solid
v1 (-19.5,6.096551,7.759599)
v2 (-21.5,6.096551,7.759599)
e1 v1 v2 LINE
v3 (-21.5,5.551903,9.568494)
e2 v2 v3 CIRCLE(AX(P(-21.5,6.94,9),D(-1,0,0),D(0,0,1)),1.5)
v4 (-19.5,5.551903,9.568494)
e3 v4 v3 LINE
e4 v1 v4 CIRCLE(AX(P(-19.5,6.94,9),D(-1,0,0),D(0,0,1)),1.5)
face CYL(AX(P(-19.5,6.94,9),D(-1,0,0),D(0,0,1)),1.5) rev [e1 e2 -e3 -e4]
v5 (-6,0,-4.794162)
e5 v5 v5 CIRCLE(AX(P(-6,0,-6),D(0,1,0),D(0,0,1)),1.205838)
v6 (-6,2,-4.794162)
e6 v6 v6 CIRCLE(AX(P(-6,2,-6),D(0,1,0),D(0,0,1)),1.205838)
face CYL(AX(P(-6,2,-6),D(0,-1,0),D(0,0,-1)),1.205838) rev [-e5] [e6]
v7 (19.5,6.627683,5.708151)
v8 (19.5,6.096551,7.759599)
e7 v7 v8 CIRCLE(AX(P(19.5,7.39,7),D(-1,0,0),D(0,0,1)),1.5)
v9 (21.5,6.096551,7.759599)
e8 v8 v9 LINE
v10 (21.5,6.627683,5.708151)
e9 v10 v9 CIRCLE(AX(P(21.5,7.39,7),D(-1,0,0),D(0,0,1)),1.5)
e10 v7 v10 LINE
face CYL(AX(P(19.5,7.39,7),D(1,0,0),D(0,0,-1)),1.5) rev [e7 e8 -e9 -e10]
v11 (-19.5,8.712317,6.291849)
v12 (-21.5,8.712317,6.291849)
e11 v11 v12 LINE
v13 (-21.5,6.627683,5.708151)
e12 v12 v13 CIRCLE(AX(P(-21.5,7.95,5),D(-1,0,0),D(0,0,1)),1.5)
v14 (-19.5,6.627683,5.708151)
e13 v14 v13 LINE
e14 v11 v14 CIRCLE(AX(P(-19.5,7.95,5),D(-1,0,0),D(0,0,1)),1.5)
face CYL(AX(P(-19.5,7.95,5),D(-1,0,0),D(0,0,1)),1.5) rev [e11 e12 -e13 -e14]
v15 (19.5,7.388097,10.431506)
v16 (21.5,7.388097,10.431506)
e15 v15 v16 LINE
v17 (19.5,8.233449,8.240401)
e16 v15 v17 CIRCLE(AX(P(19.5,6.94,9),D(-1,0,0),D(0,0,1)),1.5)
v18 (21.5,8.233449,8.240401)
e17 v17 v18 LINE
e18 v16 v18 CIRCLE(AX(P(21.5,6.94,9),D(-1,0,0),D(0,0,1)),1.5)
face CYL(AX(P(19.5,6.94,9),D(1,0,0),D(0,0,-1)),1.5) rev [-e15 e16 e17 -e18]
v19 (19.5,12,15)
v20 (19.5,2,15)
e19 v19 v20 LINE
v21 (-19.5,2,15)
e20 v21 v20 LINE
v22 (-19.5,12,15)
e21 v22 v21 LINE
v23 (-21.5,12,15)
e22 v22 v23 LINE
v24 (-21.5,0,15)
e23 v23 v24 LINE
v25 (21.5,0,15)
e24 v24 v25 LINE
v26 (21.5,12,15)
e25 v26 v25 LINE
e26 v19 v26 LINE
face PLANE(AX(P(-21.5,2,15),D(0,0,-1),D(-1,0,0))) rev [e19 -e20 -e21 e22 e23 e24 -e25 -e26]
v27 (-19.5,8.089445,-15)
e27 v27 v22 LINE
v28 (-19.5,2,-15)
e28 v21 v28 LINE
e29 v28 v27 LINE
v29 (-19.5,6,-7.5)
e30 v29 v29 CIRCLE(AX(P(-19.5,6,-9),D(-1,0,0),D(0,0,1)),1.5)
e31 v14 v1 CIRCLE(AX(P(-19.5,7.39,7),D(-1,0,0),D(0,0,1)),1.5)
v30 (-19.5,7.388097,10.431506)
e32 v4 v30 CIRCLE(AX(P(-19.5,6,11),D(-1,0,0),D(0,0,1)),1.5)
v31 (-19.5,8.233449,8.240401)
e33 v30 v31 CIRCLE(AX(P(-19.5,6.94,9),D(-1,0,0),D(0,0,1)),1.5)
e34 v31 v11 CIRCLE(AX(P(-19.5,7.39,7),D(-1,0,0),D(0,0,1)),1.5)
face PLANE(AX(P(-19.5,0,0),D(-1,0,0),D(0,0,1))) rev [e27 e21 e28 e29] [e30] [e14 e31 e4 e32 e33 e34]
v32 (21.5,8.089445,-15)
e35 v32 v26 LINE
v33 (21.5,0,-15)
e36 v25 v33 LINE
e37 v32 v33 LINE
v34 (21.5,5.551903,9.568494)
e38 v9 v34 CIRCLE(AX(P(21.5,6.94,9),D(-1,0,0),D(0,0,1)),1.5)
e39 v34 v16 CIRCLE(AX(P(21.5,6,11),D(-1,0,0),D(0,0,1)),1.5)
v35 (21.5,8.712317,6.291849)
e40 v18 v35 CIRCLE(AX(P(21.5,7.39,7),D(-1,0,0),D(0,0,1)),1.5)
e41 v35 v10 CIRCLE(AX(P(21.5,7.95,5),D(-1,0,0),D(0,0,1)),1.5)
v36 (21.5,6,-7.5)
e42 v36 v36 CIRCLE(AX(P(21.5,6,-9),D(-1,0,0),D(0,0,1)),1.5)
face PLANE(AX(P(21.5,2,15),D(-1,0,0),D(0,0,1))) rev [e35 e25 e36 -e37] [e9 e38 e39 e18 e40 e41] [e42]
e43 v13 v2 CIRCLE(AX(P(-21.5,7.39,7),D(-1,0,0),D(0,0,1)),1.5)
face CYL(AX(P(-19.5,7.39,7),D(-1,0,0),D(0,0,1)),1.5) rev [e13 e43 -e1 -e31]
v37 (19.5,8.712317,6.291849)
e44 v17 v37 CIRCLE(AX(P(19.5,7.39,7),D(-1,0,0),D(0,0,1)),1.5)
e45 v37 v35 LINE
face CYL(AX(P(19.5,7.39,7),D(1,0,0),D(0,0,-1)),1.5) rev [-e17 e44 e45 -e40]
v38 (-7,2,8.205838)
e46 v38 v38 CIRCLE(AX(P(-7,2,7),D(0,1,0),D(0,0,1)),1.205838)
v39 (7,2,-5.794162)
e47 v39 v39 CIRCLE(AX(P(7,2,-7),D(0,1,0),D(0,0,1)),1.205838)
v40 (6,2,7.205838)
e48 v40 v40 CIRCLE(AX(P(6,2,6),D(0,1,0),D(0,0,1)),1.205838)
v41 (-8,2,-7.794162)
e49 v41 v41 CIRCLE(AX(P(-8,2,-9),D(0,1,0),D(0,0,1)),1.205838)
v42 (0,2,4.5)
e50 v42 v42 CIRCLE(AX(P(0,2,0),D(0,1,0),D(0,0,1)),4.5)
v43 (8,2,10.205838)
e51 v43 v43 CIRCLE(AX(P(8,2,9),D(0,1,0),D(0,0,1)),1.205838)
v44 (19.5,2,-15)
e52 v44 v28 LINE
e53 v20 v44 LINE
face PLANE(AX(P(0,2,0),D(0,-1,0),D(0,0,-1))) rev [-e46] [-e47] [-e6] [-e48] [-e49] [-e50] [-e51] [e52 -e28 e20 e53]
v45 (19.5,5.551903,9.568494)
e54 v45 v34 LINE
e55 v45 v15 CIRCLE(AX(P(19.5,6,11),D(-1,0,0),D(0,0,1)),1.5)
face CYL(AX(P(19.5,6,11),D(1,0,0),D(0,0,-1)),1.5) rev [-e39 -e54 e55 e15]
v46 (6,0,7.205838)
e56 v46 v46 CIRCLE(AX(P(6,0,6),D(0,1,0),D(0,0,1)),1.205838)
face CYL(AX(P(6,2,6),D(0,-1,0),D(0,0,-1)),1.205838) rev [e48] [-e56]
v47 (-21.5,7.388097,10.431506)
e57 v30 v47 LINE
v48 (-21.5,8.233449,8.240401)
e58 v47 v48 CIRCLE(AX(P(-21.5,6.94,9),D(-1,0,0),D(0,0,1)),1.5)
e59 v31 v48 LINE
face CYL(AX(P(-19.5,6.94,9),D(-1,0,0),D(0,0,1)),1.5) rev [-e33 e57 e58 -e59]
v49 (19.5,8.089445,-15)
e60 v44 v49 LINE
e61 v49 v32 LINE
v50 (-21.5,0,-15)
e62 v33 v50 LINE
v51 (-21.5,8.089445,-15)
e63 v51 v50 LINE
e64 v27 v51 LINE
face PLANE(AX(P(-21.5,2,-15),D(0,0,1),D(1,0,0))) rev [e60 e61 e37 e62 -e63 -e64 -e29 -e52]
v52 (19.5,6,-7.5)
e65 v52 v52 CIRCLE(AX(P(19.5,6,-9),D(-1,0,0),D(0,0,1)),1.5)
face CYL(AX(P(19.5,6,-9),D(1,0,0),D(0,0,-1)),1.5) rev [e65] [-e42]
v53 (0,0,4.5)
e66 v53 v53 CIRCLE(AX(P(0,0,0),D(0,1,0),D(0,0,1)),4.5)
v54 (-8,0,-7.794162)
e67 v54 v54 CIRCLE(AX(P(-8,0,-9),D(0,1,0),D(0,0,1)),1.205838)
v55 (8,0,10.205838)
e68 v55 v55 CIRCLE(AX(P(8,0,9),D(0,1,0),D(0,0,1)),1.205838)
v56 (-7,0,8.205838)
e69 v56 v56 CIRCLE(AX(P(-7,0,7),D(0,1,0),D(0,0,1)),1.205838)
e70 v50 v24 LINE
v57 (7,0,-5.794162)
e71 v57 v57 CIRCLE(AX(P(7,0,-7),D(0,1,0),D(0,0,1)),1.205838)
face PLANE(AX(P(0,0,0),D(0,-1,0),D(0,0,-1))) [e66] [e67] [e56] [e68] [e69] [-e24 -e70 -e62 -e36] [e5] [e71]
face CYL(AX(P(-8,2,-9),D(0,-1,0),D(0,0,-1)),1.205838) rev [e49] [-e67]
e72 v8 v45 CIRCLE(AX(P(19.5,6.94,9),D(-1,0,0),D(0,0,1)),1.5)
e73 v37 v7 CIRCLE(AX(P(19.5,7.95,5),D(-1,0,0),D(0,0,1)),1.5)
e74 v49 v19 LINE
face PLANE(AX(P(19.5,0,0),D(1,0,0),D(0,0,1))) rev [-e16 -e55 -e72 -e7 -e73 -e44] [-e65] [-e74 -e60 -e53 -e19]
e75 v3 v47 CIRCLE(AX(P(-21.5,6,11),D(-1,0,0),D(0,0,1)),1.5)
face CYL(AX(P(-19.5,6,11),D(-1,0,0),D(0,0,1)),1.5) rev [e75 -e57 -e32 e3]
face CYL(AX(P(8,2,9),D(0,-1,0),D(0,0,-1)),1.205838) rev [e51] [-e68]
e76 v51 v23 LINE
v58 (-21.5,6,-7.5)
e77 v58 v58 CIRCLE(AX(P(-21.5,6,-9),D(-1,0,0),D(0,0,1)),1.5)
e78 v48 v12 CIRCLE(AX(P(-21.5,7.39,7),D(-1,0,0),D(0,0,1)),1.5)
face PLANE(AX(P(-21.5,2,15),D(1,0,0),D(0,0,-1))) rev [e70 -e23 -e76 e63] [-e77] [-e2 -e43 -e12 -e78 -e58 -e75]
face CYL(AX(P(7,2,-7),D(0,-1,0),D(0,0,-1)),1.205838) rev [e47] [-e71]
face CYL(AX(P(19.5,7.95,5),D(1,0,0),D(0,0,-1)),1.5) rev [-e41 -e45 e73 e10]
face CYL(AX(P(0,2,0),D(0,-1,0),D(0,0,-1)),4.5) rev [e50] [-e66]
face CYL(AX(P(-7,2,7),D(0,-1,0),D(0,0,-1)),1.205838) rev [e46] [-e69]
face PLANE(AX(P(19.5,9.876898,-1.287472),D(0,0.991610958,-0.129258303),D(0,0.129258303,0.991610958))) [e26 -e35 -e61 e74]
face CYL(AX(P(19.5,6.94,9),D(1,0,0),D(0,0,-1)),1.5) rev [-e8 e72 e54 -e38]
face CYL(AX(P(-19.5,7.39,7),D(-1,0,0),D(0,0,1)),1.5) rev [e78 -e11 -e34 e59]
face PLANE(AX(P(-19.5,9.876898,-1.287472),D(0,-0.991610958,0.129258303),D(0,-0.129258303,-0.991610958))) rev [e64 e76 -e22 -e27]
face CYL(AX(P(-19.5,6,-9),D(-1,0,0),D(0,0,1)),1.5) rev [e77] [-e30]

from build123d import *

# Parameters (mm, degrees)
ESBO_O1_W                = 43
ESBO_O1_H                = 30
ESBO_O1_R                = 4.5
ESBO_O1_R_2              = 1.205837633
RESSALTO_EXTRUS_O1_DEPTH = 2
ESBO_O2_R                = 1.5
RESSALTO_EXTRUS_O2_DEPTH = 2


with BuildPart() as part:
    # Esboço1 → Ressalto-extrusão1 (new body)
    with BuildSketch(Plane(origin=(0, 0, 0), x_dir=(1, 0, 0), z_dir=(0, 1, 0))):
        Rectangle(ESBO_O1_W, ESBO_O1_H)
        Circle(ESBO_O1_R, mode=Mode.SUBTRACT)
        with Locations((7, 7)):
            Circle(ESBO_O1_R_2, mode=Mode.SUBTRACT)
        with Locations((-6, 6)):
            Circle(ESBO_O1_R_2, mode=Mode.SUBTRACT)
        with Locations((-8, 9)):
            Circle(ESBO_O1_R_2, mode=Mode.SUBTRACT)
        with Locations((-7, -7)):
            Circle(ESBO_O1_R_2, mode=Mode.SUBTRACT)
        with Locations((6, -6)):
            Circle(ESBO_O1_R_2, mode=Mode.SUBTRACT)
        with Locations((8, -9)):
            Circle(ESBO_O1_R_2, mode=Mode.SUBTRACT)
    extrude(amount=RESSALTO_EXTRUS_O1_DEPTH)

    # Esboço2 → Ressalto-extrusão2 (add)
    with BuildSketch(Plane.ZY.offset(21.5)):
        Polygon((15, 2), (15, 12), (-15, 8.089445099), (-15, 2), align=None)
        with Locations((-9, 6)):
            Circle(ESBO_O2_R, mode=Mode.SUBTRACT)
        with BuildLine():
            ThreePointArc((8.240400933, 8.233448591), (9.539925295, 8.339457279), (10.431505763, 7.388097368))
            ThreePointArc((10.431505763, 7.388097368), (11.835840488, 7.245540316), (12.5, 6))
            ThreePointArc((12.5, 6), (11.226651005, 4.51722243), (9.568494237, 5.551902632))
            ThreePointArc((9.568494237, 5.551902632), (8.567535869, 5.503694052), (7.759599067, 6.096551409))
            ThreePointArc((7.759599067, 6.096551409), (6.624037685, 5.937880054), (5.708151293, 6.62768319))
            ThreePointArc((5.708151293, 6.62768319), (3.55555397, 8.354444888), (6.291848707, 8.71231681))
            ThreePointArc((6.291848707, 8.71231681), (7.357982, 8.84665675), (8.240400933, 8.233448591))
        make_face(mode=Mode.SUBTRACT)
    ressalto_extrus_o2 = extrude(amount=-RESSALTO_EXTRUS_O2_DEPTH)

    # Espelhar1: Ressalto-extrusão2 across plane
    add(ressalto_extrus_o2.mirror(Plane(origin=(0, 0, 0), x_dir=(0, 0, 1), z_dir=(1, 0, 0))))


solid = part.part
